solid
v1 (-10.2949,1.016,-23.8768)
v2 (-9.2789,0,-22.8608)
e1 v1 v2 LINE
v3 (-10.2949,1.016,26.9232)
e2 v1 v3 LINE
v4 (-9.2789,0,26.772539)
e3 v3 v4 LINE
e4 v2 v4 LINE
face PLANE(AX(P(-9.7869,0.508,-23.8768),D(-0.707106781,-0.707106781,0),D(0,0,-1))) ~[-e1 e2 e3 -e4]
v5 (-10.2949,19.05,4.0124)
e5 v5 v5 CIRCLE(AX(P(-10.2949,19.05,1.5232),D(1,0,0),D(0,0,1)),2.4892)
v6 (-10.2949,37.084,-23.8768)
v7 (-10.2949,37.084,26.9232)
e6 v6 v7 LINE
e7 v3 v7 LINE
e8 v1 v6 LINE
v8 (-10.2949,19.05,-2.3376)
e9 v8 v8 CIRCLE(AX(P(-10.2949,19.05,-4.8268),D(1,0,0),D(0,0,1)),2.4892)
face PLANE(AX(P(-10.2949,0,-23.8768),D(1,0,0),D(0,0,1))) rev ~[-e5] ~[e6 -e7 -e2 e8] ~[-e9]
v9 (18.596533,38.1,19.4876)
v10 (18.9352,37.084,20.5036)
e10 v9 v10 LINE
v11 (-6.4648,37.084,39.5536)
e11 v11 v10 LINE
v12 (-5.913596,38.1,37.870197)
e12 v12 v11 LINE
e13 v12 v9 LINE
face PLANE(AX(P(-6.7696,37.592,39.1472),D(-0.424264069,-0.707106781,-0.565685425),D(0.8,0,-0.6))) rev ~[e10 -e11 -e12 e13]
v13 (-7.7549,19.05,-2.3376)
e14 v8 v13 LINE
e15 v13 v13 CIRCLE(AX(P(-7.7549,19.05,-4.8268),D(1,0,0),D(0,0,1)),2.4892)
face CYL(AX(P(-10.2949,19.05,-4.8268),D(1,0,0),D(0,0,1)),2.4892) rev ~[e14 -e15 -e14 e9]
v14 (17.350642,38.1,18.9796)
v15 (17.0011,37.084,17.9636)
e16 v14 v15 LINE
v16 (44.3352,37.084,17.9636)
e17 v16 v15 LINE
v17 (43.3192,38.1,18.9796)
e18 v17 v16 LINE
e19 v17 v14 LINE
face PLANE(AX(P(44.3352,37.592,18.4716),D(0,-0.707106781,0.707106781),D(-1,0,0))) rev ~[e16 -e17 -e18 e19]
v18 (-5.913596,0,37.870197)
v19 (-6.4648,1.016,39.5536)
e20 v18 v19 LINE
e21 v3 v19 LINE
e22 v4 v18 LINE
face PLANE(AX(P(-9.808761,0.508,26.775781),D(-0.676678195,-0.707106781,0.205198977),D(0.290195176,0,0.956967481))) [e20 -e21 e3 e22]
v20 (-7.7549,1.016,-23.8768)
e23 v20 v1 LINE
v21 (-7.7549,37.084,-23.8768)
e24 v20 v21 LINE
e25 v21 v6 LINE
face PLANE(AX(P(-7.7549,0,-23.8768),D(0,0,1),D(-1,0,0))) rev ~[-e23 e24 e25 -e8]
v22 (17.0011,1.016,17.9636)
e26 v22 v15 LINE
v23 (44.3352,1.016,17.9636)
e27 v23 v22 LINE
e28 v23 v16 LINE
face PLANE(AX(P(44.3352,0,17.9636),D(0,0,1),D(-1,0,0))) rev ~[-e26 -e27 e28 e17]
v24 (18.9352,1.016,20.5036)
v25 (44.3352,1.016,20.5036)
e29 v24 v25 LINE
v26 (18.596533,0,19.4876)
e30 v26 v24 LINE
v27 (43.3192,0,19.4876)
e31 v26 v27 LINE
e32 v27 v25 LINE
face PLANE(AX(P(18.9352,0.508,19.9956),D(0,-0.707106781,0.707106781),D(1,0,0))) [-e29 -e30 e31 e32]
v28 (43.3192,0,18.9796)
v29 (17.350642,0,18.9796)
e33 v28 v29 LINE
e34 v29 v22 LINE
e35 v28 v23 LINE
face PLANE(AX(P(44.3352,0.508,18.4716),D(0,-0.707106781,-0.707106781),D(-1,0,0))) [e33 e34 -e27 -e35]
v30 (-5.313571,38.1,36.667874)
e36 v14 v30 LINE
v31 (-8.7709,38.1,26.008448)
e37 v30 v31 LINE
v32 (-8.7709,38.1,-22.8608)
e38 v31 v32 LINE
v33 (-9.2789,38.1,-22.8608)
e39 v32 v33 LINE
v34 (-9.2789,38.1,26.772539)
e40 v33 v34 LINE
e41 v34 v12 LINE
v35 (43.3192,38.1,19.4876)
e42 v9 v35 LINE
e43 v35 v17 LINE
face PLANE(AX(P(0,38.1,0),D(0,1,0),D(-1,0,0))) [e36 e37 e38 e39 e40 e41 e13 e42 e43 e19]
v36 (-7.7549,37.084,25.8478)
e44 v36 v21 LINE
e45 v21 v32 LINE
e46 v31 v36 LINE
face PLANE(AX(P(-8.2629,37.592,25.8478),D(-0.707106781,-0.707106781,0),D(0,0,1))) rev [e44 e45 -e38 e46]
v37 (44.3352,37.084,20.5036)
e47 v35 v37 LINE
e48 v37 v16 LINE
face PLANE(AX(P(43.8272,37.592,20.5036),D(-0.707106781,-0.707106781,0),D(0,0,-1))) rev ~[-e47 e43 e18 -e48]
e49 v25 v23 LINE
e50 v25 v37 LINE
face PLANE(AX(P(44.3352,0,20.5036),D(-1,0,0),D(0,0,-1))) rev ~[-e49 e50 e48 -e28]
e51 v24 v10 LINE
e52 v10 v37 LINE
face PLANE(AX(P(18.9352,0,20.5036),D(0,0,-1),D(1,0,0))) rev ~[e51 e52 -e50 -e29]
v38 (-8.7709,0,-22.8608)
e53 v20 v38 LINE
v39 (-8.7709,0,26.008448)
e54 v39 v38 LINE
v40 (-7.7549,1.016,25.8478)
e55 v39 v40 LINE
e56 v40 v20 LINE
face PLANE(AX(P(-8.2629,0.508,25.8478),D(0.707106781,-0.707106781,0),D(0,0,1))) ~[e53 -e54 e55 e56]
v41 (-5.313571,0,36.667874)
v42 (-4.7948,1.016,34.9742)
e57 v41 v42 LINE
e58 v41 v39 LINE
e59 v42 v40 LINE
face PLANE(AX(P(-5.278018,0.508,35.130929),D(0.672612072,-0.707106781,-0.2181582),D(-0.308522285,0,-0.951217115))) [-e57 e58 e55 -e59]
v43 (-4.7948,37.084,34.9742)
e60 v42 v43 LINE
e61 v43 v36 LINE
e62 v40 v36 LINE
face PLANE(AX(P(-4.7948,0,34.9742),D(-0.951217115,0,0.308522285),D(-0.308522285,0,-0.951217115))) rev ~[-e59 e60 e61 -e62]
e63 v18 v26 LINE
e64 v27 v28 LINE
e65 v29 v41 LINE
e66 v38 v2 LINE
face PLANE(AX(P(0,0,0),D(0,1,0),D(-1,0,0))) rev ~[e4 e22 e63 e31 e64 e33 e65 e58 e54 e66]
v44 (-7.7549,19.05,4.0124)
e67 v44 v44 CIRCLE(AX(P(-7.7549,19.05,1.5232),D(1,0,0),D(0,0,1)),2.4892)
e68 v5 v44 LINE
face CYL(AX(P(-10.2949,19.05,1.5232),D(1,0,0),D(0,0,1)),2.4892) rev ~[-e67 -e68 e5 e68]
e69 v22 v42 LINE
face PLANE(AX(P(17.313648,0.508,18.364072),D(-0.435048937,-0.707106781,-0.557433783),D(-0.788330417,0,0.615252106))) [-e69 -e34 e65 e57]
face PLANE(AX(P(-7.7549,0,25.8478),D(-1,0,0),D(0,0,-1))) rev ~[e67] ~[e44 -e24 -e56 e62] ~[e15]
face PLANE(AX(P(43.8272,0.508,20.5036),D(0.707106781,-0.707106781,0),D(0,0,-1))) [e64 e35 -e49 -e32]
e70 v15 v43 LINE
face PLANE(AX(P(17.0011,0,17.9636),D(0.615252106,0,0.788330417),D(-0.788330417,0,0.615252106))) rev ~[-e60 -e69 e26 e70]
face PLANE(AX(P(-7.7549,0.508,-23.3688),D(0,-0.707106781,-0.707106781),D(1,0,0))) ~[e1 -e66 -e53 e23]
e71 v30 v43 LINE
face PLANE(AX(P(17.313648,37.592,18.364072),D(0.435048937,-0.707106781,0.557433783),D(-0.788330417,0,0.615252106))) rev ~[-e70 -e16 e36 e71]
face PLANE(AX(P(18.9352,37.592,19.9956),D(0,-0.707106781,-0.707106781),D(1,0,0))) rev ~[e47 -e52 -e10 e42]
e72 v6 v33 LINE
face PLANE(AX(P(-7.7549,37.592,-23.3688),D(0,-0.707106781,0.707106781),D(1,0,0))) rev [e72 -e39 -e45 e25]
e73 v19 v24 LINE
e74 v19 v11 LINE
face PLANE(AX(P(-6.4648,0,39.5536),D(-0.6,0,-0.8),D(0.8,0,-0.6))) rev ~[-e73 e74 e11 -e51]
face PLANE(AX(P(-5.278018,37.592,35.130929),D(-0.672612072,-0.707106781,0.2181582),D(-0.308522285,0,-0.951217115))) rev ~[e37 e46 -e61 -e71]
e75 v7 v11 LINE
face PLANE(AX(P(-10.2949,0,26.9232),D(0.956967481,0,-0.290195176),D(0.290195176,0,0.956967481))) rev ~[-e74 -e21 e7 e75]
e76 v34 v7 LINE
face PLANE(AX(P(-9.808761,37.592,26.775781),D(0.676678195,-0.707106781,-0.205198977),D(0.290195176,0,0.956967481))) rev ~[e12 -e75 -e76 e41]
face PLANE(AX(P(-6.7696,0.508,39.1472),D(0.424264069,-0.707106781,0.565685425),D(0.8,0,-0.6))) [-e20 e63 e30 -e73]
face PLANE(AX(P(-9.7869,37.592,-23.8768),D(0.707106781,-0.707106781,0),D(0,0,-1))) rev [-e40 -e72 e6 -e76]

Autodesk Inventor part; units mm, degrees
ref_plane "YZ Plane" through (0, 0, 0) normal (1, 0, 0) x (0, 1, 0)
ref_plane "XZ Plane" through (0, 0, 0) normal (0, 1, 0) x (-1, 0, 0)
ref_plane "XY Plane" through (0, 0, 0) normal (0, 0, 1) x (1, 0, 0)
sketch "Sketch1" plane through (0, 0, 0) normal (0, 1, 0) x (-1, 0, 0)
  line L0 (10.2949, -23.8768) -> (10.2949, 26.9232)
  line L1 (10.2949, 26.9232) -> (6.4648, 39.5536)
  line L2 (6.4648, 39.5536) -> (-18.9352, 20.5036)
  line L3 (-18.9352, 20.5036) -> (-44.3352, 20.5036)
  line L4 (-44.3352, 20.5036) -> (-44.3352, 17.9636)
  line L5 (-44.3352, 17.9636) -> (-17.0011, 17.9636)
  line L6 (-17.0011, 17.9636) -> (4.7948, 34.9742)
  line L7 (4.7948, 34.9742) -> (7.7549, 25.8478)
  line L8 (7.7549, 25.8478) -> (7.7549, -23.8768)
  line L9 (7.7549, -23.8768) -> (10.2949, -23.8768)
  point P0 (0, 0)
  dimension "d0" = 19.05
  dimension "d1" = 25.4
  dimension "d2" = 50.8
  dimension "d3" = 70
  dimension "d4" = 70
  dimension "d5" = 2.54
  dimension "d6" = 2.54
  dimension "d7" = 25.4
extrude "Extrusion1" add sketch "Sketch1" along normal blind 38.1
sketch "Sketch2" plane through (-10.2949, 0, -23.8768) normal (-1, 0, 0) x (0, 0, 1)
  line L0 (19.05, 19.05) -> (25.4, 19.05) construction
  line L1 (25.4, 19.05) -> (25.4, 0) construction
  line L2 (0, 0) -> (50.8, 0) construction
  line L3 (19.05, 19.05) -> (0, 19.05) construction
  line L4 (0, 0) -> (0, 38.1) construction
  point P0 (23.8768, 0)
  dimension "d10" = 19.05
  dimension "d11" = 6.35
  dimension "d12" = 19.05
hole "Hole1" at (-10.2949, 19.05, -4.8268) at (-10.2949, 19.05, 1.5232) direction (1, 0, 0) diameter 4.9784 end through all thread size "1/4-20 UNC" class "2B" standard "ANSI Unified Screw Threads"
chamfer "Chamfer1" distance 1.016 angle 45 20 edges at (-10.2949, 0, 1.5232) (-8.3798, 0, 33.2384) (6.2352, 0, 30.0286) (31.6352, 0, 20.5036) (44.3352, 0, 19.2336) (30.6682, 0, 17.9636) (6.1031, 0, 26.4689) (-6.2749, 0, 30.411) (-7.7549, 0, 0.9855) (-9.0249, 0, -23.8768) (31.6352, 38.1, 20.5036) (44.3352, 38.1, 19.2336) (30.6682, 38.1, 17.9636) (6.2352, 38.1, 30.0286) (6.1031, 38.1, 26.4689) (-6.2749, 38.1, 30.411) (-8.3798, 38.1, 33.2384) (-7.7549, 38.1, 0.9855) (-10.2949, 38.1, 1.5232) (-9.0249, 38.1, -23.8768)
properties part number "Encoder Mount"
